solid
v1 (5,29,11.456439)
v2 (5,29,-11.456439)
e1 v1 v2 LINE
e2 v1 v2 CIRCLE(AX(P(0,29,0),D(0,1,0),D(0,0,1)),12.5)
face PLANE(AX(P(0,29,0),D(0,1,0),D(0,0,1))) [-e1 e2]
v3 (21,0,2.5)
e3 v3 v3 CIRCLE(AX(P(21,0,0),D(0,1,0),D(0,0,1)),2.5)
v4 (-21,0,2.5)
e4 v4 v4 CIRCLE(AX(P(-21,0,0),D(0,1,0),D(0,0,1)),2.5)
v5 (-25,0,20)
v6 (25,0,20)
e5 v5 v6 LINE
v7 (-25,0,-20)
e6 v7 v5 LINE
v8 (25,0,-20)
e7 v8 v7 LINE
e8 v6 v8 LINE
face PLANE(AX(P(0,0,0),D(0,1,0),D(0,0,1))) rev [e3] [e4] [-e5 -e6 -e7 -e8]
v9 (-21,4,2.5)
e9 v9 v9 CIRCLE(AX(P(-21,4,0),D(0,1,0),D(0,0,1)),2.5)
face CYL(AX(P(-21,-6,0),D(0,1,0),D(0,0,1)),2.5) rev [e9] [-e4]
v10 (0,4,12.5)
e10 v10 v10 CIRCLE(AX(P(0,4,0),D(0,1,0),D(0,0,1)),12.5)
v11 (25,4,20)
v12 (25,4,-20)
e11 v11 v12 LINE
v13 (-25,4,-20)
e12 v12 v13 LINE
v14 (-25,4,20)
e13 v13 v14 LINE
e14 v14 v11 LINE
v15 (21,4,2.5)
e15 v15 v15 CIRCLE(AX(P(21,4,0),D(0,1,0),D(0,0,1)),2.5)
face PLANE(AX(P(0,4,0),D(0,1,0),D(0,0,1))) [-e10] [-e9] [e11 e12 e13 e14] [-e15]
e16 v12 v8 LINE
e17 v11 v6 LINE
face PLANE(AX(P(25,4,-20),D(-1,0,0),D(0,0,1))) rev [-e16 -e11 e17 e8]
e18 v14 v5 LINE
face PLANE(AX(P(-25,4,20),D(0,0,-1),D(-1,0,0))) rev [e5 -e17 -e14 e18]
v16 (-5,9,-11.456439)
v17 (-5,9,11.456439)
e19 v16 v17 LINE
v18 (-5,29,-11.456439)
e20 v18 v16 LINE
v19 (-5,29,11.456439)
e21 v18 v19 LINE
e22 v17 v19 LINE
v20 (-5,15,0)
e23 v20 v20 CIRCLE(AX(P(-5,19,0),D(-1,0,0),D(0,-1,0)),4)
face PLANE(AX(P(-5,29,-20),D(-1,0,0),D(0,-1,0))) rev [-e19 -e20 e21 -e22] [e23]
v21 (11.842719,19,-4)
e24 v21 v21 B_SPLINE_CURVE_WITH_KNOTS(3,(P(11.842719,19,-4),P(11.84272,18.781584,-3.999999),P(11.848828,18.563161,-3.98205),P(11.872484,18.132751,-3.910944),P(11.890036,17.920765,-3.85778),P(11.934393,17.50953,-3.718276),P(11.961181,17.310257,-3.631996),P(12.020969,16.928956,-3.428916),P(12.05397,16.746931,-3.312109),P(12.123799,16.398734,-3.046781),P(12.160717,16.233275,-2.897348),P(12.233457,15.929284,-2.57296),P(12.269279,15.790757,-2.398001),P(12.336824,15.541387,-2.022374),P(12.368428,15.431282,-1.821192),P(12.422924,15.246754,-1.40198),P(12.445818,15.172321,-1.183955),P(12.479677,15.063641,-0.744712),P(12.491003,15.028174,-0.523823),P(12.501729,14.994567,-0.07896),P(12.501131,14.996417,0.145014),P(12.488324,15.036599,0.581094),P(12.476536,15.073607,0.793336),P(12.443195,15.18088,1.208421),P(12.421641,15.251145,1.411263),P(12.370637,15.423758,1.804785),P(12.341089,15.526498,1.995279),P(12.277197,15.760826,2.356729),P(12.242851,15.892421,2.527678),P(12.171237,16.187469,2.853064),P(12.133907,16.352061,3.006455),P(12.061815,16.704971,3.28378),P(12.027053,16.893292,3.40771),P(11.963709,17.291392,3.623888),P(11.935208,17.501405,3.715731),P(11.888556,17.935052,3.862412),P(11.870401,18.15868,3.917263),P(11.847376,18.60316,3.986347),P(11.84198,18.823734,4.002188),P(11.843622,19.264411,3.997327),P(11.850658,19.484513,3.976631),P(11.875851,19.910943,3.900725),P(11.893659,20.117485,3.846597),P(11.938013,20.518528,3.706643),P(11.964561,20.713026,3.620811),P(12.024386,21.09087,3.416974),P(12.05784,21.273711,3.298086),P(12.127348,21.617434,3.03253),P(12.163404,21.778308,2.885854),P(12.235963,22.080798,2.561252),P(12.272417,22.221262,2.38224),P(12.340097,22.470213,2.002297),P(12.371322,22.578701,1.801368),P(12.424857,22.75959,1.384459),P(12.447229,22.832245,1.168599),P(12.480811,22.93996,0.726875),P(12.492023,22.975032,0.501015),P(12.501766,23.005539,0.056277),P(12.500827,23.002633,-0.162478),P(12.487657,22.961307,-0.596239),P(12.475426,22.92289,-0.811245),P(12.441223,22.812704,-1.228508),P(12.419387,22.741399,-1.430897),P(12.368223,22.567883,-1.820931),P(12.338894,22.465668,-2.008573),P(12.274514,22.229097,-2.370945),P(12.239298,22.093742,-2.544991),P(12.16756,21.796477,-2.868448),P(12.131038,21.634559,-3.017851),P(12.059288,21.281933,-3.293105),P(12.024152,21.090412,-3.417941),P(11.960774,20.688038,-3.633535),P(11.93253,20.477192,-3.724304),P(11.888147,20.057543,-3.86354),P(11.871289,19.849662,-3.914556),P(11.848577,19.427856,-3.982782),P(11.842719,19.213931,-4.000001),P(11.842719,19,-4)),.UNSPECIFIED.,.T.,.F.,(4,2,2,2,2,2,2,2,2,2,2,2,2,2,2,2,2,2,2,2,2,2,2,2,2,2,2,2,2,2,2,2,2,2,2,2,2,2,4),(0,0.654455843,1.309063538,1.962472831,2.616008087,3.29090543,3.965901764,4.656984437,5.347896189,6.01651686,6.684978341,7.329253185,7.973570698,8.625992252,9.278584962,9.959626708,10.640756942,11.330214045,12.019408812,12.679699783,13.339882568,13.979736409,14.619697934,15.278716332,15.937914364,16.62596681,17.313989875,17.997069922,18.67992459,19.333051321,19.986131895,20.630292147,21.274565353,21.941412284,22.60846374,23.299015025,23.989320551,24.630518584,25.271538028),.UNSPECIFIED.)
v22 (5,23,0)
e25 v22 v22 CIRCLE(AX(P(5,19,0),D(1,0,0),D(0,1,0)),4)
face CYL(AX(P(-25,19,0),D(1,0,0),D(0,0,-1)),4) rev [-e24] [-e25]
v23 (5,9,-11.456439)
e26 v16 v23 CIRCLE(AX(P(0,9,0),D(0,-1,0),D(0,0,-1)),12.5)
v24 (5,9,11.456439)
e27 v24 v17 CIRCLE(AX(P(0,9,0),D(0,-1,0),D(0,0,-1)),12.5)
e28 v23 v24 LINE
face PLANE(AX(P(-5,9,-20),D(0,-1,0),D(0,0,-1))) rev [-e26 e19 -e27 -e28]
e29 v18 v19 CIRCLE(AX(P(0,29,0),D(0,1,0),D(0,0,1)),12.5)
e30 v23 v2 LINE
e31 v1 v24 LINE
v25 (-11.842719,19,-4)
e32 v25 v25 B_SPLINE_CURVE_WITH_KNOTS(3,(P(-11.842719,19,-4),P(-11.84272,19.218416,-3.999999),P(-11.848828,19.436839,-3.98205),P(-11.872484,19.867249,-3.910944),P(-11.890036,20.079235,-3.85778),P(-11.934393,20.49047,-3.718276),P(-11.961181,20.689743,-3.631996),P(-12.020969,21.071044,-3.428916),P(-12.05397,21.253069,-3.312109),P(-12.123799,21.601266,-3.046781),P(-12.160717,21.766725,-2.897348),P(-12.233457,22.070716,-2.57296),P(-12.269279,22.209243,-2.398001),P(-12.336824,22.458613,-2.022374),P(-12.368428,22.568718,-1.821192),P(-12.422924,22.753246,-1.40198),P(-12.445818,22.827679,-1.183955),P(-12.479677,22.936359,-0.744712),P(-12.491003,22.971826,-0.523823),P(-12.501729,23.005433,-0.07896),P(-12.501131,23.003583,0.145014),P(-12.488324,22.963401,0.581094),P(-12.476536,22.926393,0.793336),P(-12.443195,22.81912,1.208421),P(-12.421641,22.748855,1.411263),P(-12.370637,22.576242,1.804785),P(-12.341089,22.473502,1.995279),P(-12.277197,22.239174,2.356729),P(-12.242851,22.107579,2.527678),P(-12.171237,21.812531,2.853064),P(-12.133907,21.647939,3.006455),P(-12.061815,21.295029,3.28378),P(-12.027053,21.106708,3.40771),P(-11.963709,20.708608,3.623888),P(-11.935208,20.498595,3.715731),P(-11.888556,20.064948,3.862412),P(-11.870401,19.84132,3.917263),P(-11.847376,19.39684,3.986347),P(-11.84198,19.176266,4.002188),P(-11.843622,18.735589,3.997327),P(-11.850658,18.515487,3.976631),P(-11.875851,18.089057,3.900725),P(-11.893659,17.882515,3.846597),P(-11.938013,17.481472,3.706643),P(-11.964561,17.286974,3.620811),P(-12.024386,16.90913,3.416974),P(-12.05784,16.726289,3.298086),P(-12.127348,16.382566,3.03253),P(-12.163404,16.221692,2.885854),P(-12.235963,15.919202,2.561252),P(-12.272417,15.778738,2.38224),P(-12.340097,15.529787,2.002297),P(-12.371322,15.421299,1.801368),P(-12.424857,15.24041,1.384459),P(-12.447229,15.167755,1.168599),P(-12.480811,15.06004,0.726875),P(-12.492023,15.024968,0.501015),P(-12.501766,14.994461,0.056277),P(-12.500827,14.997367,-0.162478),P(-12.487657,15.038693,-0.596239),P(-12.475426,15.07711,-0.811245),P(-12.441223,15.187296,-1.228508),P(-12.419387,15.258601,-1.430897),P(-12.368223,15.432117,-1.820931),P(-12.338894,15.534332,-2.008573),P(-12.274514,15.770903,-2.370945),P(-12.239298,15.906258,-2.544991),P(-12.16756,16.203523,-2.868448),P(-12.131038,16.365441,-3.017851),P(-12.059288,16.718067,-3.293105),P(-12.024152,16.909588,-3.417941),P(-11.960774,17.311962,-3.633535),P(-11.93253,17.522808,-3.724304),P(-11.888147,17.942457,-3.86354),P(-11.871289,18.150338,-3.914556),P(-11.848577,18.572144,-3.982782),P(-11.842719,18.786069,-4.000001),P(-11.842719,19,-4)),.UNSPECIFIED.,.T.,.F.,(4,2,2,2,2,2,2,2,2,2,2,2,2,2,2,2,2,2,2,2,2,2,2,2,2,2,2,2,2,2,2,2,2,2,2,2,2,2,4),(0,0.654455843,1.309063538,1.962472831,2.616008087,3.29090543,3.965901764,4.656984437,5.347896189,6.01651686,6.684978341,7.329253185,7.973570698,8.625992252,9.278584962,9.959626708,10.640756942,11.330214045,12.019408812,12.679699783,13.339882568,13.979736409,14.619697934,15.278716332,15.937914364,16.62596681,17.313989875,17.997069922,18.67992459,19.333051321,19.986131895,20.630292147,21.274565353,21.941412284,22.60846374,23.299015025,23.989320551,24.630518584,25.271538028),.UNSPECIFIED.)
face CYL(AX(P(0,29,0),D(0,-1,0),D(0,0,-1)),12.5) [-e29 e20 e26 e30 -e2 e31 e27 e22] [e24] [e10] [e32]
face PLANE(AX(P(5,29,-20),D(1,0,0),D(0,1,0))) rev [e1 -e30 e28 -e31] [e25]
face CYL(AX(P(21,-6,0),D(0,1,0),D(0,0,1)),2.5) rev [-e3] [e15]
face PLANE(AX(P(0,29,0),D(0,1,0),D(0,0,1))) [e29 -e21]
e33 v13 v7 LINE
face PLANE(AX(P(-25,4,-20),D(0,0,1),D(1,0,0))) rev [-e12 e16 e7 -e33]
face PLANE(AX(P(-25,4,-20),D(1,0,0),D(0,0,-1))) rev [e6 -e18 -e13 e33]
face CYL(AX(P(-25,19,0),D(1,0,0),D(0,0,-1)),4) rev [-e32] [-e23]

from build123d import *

# Parameters (mm, degrees)
SKETCH_1_W               = 50
SKETCH_1_H               = 40
EXTRUDE_1_DEPTH          = 4
SKETCH_2_R               = 12.5
EXTRUDE_2_DEPTH          = 25
SKETCH_3_W               = 10
SKETCH_3_H               = 20
CUT_EXTRUDE_1_DEPTH      = 20
SKETCH_4_R               = 4
CUT_EXTRUDE_2_DEPTH      = 26
CUT_EXTRUDE_2_DEPTH_BACK = 26
SKETCH_5_R               = 2.5
CUT_EXTRUDE_3_DEPTH      = 10


with BuildPart() as part:
    # 草图1 → 凸台-拉伸1 (new body)
    with BuildSketch(Plane(origin=(0, 0, 0), x_dir=(1, 0, 0), z_dir=(0, 1, 0))):
        Rectangle(SKETCH_1_W, SKETCH_1_H)
    extrude(amount=EXTRUDE_1_DEPTH)

    # 草图2 → 凸台-拉伸2 (add)
    with BuildSketch(Plane(origin=(0, 4, 0), x_dir=(1, 0, 0), z_dir=(0, 1, 0))):
        Circle(SKETCH_2_R)
    extrude(amount=EXTRUDE_2_DEPTH)

    # 草图3 → 切除-拉伸1 (cut, symmetric)
    with BuildSketch(Plane.XY):
        with Locations((0, 19)):
            Rectangle(SKETCH_3_W, SKETCH_3_H)
    extrude(amount=CUT_EXTRUDE_1_DEPTH, both=True, mode=Mode.SUBTRACT)

    # 草图4 → 切除-拉伸2 (cut, two sides)
    with BuildSketch(Plane(origin=(0, 0, 0), x_dir=(0, 0, -1), z_dir=(1, 0, 0))) as cut_extrude_2_sk:
        with Locations((0, 19)):
            Circle(SKETCH_4_R)
    extrude(amount=CUT_EXTRUDE_2_DEPTH, mode=Mode.SUBTRACT)
    extrude(cut_extrude_2_sk.sketch, amount=-CUT_EXTRUDE_2_DEPTH_BACK, mode=Mode.SUBTRACT)

    # 草图5 → 切除-拉伸3 (cut)
    with BuildSketch(Plane(origin=(0, 4, 0), x_dir=(1, 0, 0), z_dir=(0, 1, 0))):
        with Locations((-21, 0)):
            Circle(SKETCH_5_R)
        with Locations((21, 0)):
            Circle(SKETCH_5_R)
    extrude(amount=-CUT_EXTRUDE_3_DEPTH, mode=Mode.SUBTRACT)


solid = part.part
